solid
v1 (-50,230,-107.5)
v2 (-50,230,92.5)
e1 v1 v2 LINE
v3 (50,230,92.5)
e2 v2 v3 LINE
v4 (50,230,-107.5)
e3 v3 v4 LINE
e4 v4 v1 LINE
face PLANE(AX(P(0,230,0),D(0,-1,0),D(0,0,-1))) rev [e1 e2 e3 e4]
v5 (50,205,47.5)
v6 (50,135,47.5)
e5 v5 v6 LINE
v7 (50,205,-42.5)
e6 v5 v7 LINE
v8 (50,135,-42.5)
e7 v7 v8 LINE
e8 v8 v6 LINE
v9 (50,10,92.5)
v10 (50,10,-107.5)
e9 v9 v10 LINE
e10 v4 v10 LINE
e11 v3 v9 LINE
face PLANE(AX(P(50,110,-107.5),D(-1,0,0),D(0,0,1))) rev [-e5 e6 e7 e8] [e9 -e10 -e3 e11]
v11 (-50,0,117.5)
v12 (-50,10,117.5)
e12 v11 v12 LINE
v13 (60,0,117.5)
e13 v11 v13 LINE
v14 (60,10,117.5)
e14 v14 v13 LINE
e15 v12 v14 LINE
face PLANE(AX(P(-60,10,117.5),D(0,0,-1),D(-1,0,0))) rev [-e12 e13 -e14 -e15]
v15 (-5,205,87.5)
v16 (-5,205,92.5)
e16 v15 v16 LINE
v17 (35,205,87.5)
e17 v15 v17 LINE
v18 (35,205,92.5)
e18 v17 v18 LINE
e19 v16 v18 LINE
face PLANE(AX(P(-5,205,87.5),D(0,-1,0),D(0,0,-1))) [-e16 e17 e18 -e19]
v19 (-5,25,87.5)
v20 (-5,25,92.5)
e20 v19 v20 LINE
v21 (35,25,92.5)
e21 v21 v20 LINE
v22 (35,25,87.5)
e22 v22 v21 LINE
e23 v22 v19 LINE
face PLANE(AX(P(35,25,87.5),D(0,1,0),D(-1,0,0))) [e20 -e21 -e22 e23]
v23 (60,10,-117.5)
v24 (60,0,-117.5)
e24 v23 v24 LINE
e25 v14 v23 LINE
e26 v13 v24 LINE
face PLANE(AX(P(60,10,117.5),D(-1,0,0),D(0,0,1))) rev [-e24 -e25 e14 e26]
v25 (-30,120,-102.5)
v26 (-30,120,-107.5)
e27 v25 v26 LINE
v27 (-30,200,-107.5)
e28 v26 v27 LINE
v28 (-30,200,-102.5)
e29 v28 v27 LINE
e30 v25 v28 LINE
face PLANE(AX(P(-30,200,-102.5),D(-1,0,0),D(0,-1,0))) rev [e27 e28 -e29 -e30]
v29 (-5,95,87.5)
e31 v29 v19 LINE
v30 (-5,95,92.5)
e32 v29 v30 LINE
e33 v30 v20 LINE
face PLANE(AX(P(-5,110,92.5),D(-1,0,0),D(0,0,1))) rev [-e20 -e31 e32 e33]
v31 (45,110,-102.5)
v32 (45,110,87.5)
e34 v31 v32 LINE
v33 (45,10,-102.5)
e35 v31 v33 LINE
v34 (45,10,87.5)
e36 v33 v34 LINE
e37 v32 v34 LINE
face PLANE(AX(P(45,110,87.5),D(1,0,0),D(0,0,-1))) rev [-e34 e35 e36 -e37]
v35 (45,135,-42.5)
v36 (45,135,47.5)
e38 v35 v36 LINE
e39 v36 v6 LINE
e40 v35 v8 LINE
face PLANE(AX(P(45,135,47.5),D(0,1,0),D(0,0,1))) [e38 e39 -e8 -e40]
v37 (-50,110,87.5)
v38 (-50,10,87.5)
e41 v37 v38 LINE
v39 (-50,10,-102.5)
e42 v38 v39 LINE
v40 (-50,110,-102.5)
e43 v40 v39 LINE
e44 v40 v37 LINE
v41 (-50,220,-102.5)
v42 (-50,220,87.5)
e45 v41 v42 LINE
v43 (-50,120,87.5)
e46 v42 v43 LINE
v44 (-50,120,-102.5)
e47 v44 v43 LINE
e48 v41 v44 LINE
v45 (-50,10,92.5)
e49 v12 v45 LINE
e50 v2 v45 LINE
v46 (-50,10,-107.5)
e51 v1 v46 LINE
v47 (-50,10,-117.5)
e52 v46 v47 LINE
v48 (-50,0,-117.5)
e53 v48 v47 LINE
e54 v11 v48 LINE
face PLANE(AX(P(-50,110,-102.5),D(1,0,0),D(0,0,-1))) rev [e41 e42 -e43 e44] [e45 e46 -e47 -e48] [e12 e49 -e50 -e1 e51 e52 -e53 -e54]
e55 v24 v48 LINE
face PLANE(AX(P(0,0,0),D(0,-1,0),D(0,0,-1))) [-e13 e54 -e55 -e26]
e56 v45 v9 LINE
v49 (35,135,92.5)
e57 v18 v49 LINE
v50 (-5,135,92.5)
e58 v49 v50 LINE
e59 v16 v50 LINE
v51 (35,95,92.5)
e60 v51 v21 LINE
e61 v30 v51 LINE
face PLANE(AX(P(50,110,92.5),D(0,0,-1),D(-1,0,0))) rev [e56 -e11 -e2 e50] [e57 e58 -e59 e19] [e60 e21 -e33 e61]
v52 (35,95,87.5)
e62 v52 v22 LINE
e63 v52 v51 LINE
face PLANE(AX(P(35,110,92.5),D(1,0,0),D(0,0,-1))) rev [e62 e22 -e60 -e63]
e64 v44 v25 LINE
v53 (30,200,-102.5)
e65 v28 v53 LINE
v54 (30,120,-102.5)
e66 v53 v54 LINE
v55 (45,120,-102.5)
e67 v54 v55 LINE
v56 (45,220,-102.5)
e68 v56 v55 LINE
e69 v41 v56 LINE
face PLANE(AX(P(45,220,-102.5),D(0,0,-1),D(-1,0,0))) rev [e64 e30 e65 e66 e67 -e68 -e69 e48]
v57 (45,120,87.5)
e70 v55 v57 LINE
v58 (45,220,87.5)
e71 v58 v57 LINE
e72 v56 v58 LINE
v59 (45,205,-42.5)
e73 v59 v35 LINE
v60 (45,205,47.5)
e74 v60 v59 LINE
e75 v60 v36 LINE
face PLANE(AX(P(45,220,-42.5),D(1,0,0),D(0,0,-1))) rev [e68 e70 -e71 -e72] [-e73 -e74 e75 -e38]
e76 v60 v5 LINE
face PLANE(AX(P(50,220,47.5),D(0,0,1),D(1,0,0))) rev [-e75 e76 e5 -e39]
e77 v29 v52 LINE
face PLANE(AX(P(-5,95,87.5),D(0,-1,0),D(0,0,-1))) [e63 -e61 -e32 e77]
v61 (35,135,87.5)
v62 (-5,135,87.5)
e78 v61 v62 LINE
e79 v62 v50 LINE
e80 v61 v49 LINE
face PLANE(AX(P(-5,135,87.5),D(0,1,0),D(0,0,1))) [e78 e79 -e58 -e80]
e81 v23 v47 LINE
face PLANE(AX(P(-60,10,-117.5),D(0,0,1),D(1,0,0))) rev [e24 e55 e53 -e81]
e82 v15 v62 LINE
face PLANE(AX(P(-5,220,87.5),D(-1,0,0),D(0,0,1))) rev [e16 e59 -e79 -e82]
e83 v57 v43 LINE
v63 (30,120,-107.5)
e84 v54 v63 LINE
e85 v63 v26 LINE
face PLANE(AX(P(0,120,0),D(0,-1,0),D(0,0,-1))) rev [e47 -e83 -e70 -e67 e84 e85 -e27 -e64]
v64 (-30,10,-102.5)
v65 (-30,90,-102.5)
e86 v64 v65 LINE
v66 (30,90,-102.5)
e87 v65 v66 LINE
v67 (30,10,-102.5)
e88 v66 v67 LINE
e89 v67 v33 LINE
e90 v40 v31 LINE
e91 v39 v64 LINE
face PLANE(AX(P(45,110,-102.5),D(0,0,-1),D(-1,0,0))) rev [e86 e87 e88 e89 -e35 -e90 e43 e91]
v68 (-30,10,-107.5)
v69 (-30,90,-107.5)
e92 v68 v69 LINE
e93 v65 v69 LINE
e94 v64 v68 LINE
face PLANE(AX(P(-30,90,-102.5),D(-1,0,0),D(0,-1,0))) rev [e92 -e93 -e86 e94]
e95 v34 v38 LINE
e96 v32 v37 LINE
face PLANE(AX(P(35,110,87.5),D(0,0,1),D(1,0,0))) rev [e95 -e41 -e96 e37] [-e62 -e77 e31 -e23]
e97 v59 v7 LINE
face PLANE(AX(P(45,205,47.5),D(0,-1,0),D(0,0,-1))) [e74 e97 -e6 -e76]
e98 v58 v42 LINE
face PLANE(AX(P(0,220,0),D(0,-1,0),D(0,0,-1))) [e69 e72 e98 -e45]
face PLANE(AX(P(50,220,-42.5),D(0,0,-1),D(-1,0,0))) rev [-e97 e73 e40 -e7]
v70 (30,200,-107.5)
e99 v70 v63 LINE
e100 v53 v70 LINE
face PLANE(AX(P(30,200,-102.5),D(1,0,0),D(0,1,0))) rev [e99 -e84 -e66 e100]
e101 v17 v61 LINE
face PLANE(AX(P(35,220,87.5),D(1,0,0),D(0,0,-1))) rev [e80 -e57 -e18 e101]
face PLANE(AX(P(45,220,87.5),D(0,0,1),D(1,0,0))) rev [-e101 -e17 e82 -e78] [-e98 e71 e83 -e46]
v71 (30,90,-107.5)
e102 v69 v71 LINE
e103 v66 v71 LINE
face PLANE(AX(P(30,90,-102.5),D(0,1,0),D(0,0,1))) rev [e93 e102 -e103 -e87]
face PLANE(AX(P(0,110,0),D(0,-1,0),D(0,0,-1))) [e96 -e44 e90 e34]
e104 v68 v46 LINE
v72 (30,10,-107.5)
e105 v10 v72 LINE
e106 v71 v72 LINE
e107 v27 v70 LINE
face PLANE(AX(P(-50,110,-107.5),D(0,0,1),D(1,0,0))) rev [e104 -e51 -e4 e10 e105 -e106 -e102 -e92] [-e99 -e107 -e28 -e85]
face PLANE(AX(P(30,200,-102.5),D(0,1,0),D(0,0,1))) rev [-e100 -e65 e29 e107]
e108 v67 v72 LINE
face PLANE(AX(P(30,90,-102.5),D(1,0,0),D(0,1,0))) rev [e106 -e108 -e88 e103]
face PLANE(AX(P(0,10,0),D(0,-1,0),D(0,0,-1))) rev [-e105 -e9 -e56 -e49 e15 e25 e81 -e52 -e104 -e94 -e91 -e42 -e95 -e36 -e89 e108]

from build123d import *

# Parameters (mm, degrees)
SKETCH1_W           = 120
SKETCH1_H           = 235
FLOOR_2_DEPTH       = 10
SKETCH2_W           = 45
SKETCH2_H           = 5
BOSS_EXTRUDE2_DEPTH = 100
SKETCH3_W           = 100
SKETCH3_H           = 200
BOSS_EXTRUDE3_DEPTH = 10
SKETCH4_W           = 45
SKETCH4_H           = 5
BOSS_EXTRUDE4_DEPTH = 100
SKETCH5_W           = 100
SKETCH5_H           = 200
BOSS_EXTRUDE5_DEPTH = 10
SKETCH6_W           = 40
SKETCH6_H           = 15
BOSS_EXTRUDE6_DEPTH = 5
SKETCH7_W           = 90
SKETCH7_H           = 15
BOSS_EXTRUDE7_DEPTH = 5
SKETCH8_W           = 60
SKETCH8_H           = 80
CUT_EXTRUDE1_DEPTH  = 5
SKETCH10_W          = 10
SKETCH10_H          = 235
CUT_EXTRUDE2_DEPTH  = 10


with BuildPart() as part:
    # Sketch1 → floor 2 (new body)
    with BuildSketch(Plane(origin=(0, 0, 0), x_dir=(1, 0, 0), z_dir=(0, 1, 0))):
        Rectangle(SKETCH1_W, SKETCH1_H)
    extrude(amount=FLOOR_2_DEPTH)

    # Sketch2 → Boss-Extrude2 (add)
    with BuildSketch(Plane(origin=(0, 10, 0), x_dir=(1, 0, 0), z_dir=(0, 1, 0))):
        Polygon((-50, 102.5), (-50, 107.5), (50, 107.5), (50, -92.5), (35, -92.5), (35, -87.5), (45, -87.5), (45, 102.5), align=None)
        with Locations((-27.5, -90)):
            Rectangle(SKETCH2_W, SKETCH2_H)
    extrude(amount=BOSS_EXTRUDE2_DEPTH)

    # Sketch3 → Boss-Extrude3 (add)
    with BuildSketch(Plane(origin=(0, 110, 0), x_dir=(1, 0, 0), z_dir=(0, 1, 0))):
        with Locations((0, 7.5)):
            Rectangle(SKETCH3_W, SKETCH3_H)
    extrude(amount=BOSS_EXTRUDE3_DEPTH)

    # Sketch4 → Boss-Extrude4 (add)
    with BuildSketch(Plane(origin=(0, 120, 0), x_dir=(1, 0, 0), z_dir=(0, 1, 0))):
        Polygon((-50, 102.5), (-50, 107.5), (50, 107.5), (50, 42.5), (45, 42.5), (45, 102.5), align=None)
        with Locations((-27.5, -90)):
            Rectangle(SKETCH4_W, SKETCH4_H)
        Polygon((35, -87.5), (35, -92.5), (50, -92.5), (50, -47.5), (45, -47.5), (45, -87.5), align=None)
    extrude(amount=BOSS_EXTRUDE4_DEPTH)

    # Sketch5 → Boss-Extrude5 (add)
    with BuildSketch(Plane(origin=(0, 220, 0), x_dir=(1, 0, 0), z_dir=(0, 1, 0))):
        with Locations((0, 7.5)):
            Rectangle(SKETCH5_W, SKETCH5_H)
    extrude(amount=BOSS_EXTRUDE5_DEPTH)

    # Sketch6 → Boss-Extrude6 (add)
    with BuildSketch(Plane.XY.offset(92.5)):
        with Locations((15, 17.5)):
            Rectangle(SKETCH6_W, SKETCH6_H)
        with Locations((15, 102.5)):
            Rectangle(SKETCH6_W, SKETCH6_H)
        with Locations((15, 127.5)):
            Rectangle(SKETCH6_W, SKETCH6_H)
        with Locations((15, 212.5)):
            Rectangle(SKETCH6_W, SKETCH6_H)
    extrude(amount=-BOSS_EXTRUDE6_DEPTH)

    # Sketch7 → Boss-Extrude7 (add)
    with BuildSketch(Plane(origin=(50, 0, 0), x_dir=(0, 0, -1), z_dir=(1, 0, 0))):
        with Locations((-2.5, 127.5)):
            Rectangle(SKETCH7_W, SKETCH7_H)
        with Locations((-2.5, 212.5)):
            Rectangle(SKETCH7_W, SKETCH7_H)
    extrude(amount=-BOSS_EXTRUDE7_DEPTH)

    # Sketch8 → Cut-Extrude1 (cut)
    with BuildSketch(Plane(origin=(0, 0, -107.5), x_dir=(-1, 0, 0), z_dir=(0, 0, -1))):
        with Locations((0, 50)):
            Rectangle(SKETCH8_W, SKETCH8_H)
        with Locations((0, 160)):
            Rectangle(SKETCH8_W, SKETCH8_H)
    extrude(amount=-CUT_EXTRUDE1_DEPTH, mode=Mode.SUBTRACT)

    # Sketch10 → Cut-Extrude2 (cut)
    with BuildSketch(Plane(origin=(0, 10, 0), x_dir=(1, 0, 0), z_dir=(0, 1, 0))):
        with Locations((-55, 0)):
            Rectangle(SKETCH10_W, SKETCH10_H)
    extrude(amount=-CUT_EXTRUDE2_DEPTH, mode=Mode.SUBTRACT)


solid = part.part
